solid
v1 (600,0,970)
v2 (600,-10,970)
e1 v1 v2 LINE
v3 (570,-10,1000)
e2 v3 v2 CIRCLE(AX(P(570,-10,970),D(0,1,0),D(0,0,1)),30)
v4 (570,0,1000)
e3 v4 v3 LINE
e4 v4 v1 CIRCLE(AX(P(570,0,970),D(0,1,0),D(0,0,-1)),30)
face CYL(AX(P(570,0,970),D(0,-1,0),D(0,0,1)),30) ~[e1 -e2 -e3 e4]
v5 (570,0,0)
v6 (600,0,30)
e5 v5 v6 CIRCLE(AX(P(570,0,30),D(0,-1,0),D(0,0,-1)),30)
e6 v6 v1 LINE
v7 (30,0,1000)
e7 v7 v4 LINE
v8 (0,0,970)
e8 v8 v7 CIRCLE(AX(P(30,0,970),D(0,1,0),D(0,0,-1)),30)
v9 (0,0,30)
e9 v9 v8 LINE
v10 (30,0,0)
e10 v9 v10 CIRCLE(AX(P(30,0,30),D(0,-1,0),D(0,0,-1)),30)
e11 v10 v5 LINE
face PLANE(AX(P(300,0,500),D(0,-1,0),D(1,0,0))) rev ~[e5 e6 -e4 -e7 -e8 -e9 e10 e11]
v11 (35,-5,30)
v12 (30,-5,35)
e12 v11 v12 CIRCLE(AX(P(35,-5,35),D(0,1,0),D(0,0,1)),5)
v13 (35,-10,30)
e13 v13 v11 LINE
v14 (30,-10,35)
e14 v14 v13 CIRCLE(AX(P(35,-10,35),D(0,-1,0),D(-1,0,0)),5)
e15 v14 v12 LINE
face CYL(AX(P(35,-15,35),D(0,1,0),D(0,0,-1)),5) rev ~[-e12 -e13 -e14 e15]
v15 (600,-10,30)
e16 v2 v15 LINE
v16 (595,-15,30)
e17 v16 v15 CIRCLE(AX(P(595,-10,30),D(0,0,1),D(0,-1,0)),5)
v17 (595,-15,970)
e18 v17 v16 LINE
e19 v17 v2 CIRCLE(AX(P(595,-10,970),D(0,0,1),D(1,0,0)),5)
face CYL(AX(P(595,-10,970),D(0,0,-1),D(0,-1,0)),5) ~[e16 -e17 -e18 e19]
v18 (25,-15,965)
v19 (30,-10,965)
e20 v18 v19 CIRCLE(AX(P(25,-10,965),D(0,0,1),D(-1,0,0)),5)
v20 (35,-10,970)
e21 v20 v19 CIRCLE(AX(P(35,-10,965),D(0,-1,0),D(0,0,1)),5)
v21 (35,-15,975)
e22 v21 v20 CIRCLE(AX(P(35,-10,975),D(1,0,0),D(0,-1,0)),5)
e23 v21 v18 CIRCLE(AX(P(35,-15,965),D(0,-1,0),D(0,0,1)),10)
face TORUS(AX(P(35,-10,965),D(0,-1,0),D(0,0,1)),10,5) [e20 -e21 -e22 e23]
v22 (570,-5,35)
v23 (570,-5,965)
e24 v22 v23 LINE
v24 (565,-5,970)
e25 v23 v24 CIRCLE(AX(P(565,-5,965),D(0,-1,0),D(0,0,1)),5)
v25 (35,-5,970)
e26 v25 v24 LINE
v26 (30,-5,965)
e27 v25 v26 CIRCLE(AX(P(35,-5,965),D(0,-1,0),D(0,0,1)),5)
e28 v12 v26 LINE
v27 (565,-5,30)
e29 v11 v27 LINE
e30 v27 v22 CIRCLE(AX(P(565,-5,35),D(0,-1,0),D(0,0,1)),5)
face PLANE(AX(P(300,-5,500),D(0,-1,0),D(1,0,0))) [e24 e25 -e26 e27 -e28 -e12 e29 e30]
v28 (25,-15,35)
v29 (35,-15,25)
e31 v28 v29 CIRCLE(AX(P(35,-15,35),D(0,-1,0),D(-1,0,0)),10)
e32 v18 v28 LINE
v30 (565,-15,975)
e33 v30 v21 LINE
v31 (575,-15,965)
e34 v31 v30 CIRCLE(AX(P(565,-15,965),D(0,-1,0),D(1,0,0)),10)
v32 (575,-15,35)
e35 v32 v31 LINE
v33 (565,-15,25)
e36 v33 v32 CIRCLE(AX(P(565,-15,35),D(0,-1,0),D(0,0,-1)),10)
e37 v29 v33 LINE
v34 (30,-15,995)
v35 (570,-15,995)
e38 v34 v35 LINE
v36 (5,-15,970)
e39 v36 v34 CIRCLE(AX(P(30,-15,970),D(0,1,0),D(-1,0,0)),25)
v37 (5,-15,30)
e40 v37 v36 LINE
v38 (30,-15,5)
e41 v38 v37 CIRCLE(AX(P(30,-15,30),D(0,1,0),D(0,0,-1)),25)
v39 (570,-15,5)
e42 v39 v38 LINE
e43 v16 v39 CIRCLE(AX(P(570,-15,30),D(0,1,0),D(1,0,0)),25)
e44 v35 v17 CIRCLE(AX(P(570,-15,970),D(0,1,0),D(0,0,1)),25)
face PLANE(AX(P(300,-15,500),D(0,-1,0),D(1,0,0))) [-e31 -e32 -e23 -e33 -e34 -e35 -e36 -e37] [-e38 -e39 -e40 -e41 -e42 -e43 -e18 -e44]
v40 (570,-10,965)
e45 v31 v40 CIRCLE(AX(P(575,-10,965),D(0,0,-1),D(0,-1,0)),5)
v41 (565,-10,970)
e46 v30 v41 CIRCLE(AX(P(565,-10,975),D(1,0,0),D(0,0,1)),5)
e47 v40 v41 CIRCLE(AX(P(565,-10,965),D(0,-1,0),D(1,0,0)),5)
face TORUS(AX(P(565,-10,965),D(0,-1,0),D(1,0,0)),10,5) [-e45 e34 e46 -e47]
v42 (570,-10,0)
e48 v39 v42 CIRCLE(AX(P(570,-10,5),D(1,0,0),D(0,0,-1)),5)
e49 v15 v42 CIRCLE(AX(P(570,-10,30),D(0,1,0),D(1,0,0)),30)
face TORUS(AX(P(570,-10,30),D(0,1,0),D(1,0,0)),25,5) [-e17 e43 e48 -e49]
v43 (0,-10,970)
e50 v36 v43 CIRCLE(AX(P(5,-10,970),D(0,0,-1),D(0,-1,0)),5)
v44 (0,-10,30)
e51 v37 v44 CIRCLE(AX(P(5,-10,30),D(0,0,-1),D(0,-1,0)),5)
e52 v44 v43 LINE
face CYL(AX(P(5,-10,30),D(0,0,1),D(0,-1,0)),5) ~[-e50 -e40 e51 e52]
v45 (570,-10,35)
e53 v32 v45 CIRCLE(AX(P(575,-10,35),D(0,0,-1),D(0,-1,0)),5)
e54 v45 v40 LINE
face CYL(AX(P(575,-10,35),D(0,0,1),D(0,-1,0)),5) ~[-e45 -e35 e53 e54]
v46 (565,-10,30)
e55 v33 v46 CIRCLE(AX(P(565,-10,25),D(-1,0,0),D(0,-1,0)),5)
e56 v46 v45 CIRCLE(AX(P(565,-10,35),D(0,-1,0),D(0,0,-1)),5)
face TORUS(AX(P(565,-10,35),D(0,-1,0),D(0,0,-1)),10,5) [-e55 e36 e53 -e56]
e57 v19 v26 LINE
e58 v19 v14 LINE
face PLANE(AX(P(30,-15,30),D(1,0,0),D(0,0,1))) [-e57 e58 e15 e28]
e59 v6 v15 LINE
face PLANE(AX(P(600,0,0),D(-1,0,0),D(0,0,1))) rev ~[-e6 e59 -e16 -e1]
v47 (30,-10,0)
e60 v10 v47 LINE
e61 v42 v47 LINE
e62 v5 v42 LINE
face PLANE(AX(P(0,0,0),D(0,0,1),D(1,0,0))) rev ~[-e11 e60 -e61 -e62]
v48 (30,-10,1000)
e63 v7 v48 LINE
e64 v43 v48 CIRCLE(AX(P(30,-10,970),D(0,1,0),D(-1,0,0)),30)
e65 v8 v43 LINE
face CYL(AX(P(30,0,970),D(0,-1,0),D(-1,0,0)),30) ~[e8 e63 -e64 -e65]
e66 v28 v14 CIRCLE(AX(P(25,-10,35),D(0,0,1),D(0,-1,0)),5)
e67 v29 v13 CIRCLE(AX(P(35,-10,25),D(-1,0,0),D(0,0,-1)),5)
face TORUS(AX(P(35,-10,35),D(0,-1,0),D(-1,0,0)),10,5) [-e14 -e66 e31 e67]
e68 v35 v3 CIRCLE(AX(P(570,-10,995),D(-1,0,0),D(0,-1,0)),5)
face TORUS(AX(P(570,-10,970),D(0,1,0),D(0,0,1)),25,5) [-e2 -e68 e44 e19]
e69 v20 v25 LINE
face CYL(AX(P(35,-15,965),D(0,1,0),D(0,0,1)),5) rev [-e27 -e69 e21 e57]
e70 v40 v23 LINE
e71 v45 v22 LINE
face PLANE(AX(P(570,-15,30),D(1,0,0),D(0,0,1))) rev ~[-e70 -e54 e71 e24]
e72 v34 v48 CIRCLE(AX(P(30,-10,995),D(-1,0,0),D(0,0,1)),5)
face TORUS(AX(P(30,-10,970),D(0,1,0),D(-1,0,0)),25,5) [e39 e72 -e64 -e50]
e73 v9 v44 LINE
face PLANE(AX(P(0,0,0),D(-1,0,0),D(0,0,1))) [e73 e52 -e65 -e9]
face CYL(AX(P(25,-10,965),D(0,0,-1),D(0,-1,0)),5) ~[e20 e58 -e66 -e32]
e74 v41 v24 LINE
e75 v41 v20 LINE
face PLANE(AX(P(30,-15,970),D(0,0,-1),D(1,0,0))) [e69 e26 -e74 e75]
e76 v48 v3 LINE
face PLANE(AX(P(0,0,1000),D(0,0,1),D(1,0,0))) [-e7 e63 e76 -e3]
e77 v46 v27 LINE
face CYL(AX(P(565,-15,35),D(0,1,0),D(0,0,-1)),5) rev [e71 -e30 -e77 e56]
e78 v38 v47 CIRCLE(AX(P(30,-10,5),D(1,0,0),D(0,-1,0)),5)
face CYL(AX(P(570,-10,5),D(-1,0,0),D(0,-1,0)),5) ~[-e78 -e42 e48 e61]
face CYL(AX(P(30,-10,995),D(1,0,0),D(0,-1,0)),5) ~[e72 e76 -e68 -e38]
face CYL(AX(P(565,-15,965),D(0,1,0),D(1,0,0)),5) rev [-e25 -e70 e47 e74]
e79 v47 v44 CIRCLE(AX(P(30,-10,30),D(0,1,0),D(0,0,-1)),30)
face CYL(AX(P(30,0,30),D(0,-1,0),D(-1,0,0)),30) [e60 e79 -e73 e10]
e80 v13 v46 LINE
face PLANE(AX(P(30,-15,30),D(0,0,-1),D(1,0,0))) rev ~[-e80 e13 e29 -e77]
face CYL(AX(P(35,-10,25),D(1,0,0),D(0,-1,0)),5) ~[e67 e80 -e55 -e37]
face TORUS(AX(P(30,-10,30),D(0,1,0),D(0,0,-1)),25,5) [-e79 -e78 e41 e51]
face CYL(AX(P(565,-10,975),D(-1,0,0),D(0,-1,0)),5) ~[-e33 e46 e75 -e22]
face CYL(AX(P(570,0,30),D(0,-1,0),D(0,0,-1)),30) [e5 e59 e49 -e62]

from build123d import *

# Parameters (mm, degrees)
F0_W     = 600
F0_H     = 1000
F1_DEPTH = 15
F2_W     = 540
F2_H     = 940
F3_DEPTH = 10
F4_R     = 30
F5_R     = 5
F6_R     = 5


with BuildPart() as f1:
    # F0 (on Front) → F1 (new body)
    with BuildSketch(Plane.XZ):
        with Locations((300, 500)):
            Rectangle(F0_W, F0_H)
    extrude(amount=F1_DEPTH)

    # F2 (on face) → F3 (cut)
    with BuildSketch(Plane.XZ.offset(15)):
        with Locations((300, 500)):
            Rectangle(F2_W, F2_H)
    extrude(amount=-F3_DEPTH, mode=Mode.SUBTRACT)

    # F4
    f4_edges = [f1.edges().sort_by_distance(p)[0] for p in [
        (0, -7.5, 1000),
        (600, -7.5, 1000),
        (600, -7.5, 0),
        (0, -7.5, 0),
    ]]
    fillet(f4_edges, radius=F4_R)

    # F5
    f5_edges = [f1.edges().sort_by_distance(p)[0] for p in [
        (30, -10, 30),
        (570, -10, 30),
        (570, -10, 970),
        (30, -10, 970),
    ]]
    fillet(f5_edges, radius=F5_R)

    # F6
    f6_edges = [f1.edges().sort_by_distance(p)[0] for p in [
        (570, -15, 500),
        (568.535534, -15, 31.464466),
        (568.535534, -15, 968.535534),
        (300, -15, 30),
        (300, -15, 970),
        (31.464466, -15, 31.464466),
        (31.464466, -15, 968.535534),
        (30, -15, 500),
        (0, -15, 500),
        (8.786797, -15, 991.213203),
        (8.786797, -15, 8.786797),
        (300, -15, 1000),
        (300, -15, 0),
        (591.213203, -15, 991.213203),
        (591.213203, -15, 8.786797),
        (600, -15, 500),
    ]]
    fillet(f6_edges, radius=F6_R)


solid = f1.part
